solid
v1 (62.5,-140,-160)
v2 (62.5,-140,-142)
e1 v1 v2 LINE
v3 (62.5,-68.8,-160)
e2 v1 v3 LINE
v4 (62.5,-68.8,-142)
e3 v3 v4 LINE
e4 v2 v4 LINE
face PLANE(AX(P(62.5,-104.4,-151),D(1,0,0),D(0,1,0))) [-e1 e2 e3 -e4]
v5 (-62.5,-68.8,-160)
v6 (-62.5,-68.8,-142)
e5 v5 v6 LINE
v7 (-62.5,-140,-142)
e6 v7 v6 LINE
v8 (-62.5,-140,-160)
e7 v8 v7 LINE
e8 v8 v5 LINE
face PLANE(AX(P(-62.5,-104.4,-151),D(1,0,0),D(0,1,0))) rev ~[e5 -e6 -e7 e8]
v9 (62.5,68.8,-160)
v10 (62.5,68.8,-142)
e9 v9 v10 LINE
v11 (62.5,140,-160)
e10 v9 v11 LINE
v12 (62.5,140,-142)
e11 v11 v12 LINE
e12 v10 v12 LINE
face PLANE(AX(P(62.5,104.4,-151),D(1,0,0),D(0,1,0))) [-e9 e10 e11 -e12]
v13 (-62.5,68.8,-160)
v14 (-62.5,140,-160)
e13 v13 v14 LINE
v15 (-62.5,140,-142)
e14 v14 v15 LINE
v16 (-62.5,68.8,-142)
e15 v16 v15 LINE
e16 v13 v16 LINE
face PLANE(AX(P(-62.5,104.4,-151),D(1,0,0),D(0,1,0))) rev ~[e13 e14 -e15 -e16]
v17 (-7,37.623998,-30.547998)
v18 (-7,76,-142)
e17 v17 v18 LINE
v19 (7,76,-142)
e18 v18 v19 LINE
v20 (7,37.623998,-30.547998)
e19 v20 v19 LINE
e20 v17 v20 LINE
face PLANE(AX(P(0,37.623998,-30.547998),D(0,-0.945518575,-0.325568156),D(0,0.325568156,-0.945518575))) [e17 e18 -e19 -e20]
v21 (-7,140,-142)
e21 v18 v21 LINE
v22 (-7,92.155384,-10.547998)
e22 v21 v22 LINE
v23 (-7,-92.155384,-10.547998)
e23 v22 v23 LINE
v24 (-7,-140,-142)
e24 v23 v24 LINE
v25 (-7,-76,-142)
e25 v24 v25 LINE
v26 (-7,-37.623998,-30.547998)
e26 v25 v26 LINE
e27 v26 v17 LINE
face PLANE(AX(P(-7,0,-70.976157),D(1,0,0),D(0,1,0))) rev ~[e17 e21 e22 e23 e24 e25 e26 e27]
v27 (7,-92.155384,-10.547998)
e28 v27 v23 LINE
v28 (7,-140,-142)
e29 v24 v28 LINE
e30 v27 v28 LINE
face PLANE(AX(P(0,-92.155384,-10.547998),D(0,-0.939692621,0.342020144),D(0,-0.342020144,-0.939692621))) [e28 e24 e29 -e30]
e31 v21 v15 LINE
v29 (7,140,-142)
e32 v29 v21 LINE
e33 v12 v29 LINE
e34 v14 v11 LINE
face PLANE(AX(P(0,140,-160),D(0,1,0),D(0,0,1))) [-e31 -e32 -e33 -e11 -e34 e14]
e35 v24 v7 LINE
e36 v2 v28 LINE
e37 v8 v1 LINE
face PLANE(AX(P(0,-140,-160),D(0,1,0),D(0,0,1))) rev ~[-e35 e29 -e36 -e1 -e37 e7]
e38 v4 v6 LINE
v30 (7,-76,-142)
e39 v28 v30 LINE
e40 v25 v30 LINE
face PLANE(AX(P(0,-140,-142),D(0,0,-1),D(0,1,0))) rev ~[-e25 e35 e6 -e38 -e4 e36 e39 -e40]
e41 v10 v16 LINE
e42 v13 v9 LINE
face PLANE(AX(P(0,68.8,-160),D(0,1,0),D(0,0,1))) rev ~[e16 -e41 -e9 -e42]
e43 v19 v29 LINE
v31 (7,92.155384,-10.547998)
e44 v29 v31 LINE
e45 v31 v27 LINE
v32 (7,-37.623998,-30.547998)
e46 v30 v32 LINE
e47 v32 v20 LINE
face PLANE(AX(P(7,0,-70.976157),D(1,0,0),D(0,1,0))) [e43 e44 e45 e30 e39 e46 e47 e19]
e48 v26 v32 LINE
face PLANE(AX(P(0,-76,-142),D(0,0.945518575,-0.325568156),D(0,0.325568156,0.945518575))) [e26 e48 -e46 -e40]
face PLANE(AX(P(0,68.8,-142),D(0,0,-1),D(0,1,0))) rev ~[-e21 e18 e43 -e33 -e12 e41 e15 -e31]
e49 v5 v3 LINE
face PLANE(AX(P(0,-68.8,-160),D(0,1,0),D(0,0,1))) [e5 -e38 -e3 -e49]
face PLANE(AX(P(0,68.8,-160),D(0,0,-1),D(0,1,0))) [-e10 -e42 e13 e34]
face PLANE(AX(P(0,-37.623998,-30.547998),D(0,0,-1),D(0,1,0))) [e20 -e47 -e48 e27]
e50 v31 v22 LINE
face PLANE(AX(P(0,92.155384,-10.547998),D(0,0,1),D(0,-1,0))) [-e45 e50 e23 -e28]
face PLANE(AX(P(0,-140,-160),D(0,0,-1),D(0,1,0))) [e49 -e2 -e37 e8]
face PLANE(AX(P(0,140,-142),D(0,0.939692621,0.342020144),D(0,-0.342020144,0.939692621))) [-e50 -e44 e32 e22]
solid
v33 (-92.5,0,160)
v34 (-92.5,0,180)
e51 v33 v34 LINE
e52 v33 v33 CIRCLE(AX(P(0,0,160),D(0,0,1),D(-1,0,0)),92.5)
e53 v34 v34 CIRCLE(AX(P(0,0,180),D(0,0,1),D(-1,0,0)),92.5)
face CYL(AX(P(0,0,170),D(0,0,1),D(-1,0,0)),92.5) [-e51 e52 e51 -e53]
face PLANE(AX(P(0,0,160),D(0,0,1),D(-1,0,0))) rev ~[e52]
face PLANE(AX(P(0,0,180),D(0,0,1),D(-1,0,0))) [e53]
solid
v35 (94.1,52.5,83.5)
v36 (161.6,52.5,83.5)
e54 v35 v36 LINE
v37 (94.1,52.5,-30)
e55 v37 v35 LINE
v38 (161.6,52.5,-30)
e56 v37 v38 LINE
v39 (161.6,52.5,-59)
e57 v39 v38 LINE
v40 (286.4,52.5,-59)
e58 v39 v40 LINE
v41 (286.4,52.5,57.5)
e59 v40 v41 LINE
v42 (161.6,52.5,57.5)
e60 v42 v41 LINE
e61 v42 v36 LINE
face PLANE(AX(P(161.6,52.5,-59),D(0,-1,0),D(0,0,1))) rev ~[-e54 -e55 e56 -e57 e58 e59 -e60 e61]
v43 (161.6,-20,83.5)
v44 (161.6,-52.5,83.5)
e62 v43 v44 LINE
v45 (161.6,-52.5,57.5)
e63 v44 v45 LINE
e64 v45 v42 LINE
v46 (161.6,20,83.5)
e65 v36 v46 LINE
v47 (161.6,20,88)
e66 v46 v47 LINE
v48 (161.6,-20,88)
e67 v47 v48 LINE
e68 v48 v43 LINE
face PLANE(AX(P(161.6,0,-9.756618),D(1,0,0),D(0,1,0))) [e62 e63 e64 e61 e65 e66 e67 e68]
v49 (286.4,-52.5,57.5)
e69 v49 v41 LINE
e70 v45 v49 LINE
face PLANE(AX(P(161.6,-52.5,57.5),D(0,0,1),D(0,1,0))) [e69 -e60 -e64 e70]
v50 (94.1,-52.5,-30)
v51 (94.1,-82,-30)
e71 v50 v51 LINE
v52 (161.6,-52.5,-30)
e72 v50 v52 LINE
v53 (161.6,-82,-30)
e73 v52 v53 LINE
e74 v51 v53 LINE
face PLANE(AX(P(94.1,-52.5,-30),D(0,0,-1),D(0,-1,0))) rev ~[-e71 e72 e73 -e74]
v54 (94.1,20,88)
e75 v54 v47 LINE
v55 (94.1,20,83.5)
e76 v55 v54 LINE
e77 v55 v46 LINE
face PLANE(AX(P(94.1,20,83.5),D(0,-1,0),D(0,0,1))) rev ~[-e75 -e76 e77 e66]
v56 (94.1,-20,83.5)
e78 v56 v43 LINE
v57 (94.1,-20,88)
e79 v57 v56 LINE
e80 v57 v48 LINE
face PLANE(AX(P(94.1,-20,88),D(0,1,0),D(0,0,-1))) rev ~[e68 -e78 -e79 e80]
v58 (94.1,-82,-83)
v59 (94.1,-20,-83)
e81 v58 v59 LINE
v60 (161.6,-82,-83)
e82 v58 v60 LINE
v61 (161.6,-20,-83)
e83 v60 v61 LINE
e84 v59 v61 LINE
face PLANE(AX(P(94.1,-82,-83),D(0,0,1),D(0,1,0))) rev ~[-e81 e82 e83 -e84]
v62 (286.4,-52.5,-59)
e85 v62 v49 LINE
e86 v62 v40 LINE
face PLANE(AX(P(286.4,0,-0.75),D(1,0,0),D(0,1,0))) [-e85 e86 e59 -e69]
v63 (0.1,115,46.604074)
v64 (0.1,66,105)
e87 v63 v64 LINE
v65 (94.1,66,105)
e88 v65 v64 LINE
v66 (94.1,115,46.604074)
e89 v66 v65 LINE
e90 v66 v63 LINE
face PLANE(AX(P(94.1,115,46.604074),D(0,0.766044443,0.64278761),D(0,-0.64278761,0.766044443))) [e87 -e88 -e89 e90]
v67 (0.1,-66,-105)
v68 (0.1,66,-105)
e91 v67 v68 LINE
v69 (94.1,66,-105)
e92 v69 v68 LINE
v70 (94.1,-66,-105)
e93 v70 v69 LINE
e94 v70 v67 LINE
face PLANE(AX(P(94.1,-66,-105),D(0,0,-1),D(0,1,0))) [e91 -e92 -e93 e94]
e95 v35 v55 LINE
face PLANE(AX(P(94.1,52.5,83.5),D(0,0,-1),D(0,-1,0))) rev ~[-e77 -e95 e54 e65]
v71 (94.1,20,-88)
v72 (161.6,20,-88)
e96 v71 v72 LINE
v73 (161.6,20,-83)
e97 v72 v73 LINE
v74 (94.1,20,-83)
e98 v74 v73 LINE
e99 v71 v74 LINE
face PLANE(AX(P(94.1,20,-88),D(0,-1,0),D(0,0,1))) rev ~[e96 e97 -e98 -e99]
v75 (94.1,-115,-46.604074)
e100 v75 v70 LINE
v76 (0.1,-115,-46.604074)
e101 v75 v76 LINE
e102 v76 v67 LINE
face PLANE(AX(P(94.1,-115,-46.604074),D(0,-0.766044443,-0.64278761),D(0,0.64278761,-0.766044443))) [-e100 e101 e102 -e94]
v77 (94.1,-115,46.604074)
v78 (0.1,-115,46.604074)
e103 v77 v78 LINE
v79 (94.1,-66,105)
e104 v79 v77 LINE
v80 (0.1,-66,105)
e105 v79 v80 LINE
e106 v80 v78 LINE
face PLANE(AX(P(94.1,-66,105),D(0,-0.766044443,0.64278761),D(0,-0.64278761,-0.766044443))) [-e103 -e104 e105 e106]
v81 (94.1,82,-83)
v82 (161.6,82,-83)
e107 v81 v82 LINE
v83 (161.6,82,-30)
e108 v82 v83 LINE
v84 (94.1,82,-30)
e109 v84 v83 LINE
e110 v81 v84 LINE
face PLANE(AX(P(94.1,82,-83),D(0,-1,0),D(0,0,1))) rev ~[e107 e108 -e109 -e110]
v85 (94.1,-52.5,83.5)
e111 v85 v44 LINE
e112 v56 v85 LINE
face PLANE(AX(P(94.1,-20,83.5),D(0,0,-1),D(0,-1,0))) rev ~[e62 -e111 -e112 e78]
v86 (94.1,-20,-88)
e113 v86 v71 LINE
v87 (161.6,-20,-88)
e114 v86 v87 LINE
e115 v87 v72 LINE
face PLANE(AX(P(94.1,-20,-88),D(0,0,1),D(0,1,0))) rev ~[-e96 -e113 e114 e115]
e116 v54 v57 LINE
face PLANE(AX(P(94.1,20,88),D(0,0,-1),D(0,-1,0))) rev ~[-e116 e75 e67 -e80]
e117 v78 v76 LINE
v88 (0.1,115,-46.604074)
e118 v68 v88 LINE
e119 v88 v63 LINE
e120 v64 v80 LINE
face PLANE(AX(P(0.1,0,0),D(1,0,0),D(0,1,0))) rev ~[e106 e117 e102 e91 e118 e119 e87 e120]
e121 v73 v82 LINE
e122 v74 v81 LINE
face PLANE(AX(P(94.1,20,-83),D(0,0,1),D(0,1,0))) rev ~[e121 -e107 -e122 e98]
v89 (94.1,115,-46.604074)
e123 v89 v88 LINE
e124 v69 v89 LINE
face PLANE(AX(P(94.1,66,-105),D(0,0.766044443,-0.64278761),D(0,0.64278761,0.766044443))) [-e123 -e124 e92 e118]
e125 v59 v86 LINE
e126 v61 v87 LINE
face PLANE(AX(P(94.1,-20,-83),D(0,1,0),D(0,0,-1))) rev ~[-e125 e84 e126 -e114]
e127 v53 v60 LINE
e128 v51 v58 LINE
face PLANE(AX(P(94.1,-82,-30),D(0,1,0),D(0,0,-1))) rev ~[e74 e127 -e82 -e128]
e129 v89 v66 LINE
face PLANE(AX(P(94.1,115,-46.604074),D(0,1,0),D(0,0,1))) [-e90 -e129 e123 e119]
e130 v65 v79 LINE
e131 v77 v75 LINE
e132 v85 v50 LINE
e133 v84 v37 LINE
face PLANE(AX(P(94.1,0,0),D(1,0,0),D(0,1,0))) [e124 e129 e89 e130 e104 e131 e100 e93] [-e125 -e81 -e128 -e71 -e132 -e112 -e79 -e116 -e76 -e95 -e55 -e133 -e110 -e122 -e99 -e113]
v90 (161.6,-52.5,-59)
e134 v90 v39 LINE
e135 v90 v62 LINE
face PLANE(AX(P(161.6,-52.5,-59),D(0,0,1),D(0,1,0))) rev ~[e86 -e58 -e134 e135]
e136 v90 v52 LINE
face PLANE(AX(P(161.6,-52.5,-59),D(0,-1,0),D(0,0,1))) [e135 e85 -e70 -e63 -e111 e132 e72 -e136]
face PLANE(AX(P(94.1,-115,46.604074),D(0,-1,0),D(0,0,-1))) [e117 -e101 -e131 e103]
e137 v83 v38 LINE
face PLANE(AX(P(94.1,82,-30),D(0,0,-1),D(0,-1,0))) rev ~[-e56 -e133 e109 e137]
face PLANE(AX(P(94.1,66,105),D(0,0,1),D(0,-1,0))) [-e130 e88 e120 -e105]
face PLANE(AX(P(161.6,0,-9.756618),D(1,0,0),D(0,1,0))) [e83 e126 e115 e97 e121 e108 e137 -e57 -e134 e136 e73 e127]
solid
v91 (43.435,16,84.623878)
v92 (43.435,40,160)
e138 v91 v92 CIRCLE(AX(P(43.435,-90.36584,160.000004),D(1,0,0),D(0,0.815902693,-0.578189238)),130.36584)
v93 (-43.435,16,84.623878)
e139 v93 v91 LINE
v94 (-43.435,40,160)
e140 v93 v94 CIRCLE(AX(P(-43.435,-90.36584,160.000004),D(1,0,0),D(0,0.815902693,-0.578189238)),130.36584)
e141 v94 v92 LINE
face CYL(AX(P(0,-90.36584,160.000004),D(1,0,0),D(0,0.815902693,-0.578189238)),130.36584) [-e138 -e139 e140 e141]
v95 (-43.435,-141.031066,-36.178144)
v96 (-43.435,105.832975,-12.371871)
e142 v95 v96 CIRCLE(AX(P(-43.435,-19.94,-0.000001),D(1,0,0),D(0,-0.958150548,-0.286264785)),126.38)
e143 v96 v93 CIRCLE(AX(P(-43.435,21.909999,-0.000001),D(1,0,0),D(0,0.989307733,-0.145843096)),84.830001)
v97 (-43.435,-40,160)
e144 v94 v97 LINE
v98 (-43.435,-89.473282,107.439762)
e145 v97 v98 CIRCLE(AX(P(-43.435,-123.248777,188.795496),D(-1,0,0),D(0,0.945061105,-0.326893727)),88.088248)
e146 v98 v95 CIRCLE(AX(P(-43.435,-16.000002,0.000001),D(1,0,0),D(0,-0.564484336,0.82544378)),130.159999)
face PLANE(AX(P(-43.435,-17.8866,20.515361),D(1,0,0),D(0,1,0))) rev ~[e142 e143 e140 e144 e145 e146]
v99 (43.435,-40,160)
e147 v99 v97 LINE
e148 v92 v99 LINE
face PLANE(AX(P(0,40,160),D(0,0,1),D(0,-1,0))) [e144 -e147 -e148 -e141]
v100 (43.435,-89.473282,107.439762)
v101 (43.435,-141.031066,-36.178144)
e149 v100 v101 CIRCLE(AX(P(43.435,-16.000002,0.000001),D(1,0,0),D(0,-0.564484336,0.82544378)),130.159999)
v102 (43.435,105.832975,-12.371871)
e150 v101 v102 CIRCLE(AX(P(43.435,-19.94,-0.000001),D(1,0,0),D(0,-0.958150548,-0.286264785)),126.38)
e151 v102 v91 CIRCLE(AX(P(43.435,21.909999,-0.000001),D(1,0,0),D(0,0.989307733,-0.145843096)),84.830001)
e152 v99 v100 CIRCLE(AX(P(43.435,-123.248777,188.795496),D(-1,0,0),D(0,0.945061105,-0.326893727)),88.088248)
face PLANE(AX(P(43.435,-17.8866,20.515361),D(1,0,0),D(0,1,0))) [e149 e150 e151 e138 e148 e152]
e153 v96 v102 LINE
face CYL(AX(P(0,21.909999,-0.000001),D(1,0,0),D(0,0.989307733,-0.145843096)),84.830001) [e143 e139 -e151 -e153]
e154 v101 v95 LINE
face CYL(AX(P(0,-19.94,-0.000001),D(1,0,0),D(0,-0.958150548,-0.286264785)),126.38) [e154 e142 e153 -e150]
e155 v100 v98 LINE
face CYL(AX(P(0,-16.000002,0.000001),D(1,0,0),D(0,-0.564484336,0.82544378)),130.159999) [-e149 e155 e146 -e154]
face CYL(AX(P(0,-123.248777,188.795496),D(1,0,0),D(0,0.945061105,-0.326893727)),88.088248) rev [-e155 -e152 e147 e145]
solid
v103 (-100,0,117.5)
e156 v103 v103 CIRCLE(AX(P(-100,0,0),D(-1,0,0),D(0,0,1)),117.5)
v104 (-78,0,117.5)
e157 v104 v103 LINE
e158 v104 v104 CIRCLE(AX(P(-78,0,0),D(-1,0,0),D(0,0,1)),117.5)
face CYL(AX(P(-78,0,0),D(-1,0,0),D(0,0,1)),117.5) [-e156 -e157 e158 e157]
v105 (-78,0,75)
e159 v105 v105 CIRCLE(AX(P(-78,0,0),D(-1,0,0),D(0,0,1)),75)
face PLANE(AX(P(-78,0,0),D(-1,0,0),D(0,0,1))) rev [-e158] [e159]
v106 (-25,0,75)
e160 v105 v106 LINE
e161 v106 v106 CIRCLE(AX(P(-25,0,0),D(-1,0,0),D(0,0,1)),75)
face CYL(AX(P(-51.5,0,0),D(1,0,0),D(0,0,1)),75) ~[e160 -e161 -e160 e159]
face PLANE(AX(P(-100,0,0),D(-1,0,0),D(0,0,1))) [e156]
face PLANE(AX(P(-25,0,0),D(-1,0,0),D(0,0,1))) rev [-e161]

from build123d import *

# Parameters (mm, degrees)
F0_W      = 53
F0_H      = 75
F2_W      = 92.5
F2_H      = 20
F5_DEPTH  = 7
F6_W      = 71.2
F6_H      = 18
F7_DEPTH  = 62.5
F8_W      = 71.2
F8_H      = 18
F9_DEPTH  = 62.5
F11_DEPTH = 43.435
F14_DEPTH = 94
F16_DEPTH = 67.5
F18_W     = 105
F18_H     = 116.5
F19_DEPTH = 124.8


with BuildPart() as f1:
    # F0 (on Front) → F1 (revolve)
    with BuildSketch(Plane.XZ):
        with Locations((-51.5, 37.5)):
            Rectangle(F0_W, F0_H)
        Polygon((-100, 0), (-78, 0), (-78, 75), (-78, 117.5), (-100, 117.5), align=None)
    revolve(axis=Axis((-62.5, 0, 0), (-1, 0, 0)))


with BuildPart() as f3:
    # F2 (on Front) → F3 (revolve)
    with BuildSketch(Plane.XZ):
        with Locations((-46.25, 170)):
            Rectangle(F2_W, F2_H)
    revolve(axis=Axis((0, 0, 170), (0, 0, 1)))


with BuildPart() as f5:
    # F4 (on Right) → F5 (new body, symmetric)
    with BuildSketch(Plane.YZ):
        Polygon((-92.155384, -10.547998), (-140, -142), (-76, -142), (-37.623998, -30.547998), (37.623998, -30.547998), (76, -142), (140, -142), (92.155384, -10.547998), align=None)
    extrude(amount=F5_DEPTH, both=True)

    # F6 (on Right) → F7 (join, symmetric)
    with BuildSketch(Plane.YZ):
        with Locations((104.4, -151)):
            Rectangle(F6_W, F6_H)
    extrude(amount=F7_DEPTH, both=True)

    # F8 (on Right) → F9 (join, symmetric)
    with BuildSketch(Plane.YZ):
        with Locations((-104.4, -151)):
            Rectangle(F8_W, F8_H)
    extrude(amount=F9_DEPTH, both=True)


with BuildPart() as f11:
    # F10 (on Right) → F11 (new body, symmetric)
    with BuildSketch(Plane.YZ):
        with BuildLine():
            ThreePointArc((-141.031066, -36.178144), (-7.808853, -125.796422), (105.832975, -12.371871))
            ThreePointArc((105.832975, -12.371871), (84.147849, 57.641816), (16, 84.623878))
            ThreePointArc((16, 84.623878), (33.855181, 120.447631), (40, 160))
            Line((40, 160), (-40, 160))
            ThreePointArc((-40, 160), (-59.105853, 128.419799), (-89.473282, 107.439762))
            ThreePointArc((-89.473282, 107.439762), (-138.505183, 43.97847), (-141.031066, -36.178144))
        make_face()
    extrude(amount=F11_DEPTH, both=True)


with BuildPart() as f14:
    # F13 (on offset) → F14 (new body)
    with BuildSketch(Plane.YZ.offset(94.1)):
        Polygon((115, 46.604074), (66, 105), (0, 105), (-66, 105), (-115, 46.604074), (-115, 0), (-115, -46.604074), (-66, -105), (0, -105), (66, -105), (115, -46.604074), (115, 0), align=None)
    extrude(amount=-F14_DEPTH)

    # F15 (on offset) → F16 (join)
    with BuildSketch(Plane.YZ.offset(94.1)):
        Polygon((20, 88), (-20, 88), (-20, 83.5), (-52.5, 83.5), (-52.5, -30), (-82, -30), (-82, -83), (-20, -83), (-20, -88), (20, -88), (20, -83), (82, -83), (82, -30), (52.5, -30), (52.5, 83.5), (20, 83.5), align=None)
    extrude(amount=F16_DEPTH)

    # F18 (on offset) → F19 (join)
    with BuildSketch(Plane.YZ.offset(161.6)):
        with Locations((0, -0.75)):
            Rectangle(F18_W, F18_H)
    extrude(amount=F19_DEPTH)


solid = Compound([f1.part, f3.part, f5.part, f11.part, f14.part])
